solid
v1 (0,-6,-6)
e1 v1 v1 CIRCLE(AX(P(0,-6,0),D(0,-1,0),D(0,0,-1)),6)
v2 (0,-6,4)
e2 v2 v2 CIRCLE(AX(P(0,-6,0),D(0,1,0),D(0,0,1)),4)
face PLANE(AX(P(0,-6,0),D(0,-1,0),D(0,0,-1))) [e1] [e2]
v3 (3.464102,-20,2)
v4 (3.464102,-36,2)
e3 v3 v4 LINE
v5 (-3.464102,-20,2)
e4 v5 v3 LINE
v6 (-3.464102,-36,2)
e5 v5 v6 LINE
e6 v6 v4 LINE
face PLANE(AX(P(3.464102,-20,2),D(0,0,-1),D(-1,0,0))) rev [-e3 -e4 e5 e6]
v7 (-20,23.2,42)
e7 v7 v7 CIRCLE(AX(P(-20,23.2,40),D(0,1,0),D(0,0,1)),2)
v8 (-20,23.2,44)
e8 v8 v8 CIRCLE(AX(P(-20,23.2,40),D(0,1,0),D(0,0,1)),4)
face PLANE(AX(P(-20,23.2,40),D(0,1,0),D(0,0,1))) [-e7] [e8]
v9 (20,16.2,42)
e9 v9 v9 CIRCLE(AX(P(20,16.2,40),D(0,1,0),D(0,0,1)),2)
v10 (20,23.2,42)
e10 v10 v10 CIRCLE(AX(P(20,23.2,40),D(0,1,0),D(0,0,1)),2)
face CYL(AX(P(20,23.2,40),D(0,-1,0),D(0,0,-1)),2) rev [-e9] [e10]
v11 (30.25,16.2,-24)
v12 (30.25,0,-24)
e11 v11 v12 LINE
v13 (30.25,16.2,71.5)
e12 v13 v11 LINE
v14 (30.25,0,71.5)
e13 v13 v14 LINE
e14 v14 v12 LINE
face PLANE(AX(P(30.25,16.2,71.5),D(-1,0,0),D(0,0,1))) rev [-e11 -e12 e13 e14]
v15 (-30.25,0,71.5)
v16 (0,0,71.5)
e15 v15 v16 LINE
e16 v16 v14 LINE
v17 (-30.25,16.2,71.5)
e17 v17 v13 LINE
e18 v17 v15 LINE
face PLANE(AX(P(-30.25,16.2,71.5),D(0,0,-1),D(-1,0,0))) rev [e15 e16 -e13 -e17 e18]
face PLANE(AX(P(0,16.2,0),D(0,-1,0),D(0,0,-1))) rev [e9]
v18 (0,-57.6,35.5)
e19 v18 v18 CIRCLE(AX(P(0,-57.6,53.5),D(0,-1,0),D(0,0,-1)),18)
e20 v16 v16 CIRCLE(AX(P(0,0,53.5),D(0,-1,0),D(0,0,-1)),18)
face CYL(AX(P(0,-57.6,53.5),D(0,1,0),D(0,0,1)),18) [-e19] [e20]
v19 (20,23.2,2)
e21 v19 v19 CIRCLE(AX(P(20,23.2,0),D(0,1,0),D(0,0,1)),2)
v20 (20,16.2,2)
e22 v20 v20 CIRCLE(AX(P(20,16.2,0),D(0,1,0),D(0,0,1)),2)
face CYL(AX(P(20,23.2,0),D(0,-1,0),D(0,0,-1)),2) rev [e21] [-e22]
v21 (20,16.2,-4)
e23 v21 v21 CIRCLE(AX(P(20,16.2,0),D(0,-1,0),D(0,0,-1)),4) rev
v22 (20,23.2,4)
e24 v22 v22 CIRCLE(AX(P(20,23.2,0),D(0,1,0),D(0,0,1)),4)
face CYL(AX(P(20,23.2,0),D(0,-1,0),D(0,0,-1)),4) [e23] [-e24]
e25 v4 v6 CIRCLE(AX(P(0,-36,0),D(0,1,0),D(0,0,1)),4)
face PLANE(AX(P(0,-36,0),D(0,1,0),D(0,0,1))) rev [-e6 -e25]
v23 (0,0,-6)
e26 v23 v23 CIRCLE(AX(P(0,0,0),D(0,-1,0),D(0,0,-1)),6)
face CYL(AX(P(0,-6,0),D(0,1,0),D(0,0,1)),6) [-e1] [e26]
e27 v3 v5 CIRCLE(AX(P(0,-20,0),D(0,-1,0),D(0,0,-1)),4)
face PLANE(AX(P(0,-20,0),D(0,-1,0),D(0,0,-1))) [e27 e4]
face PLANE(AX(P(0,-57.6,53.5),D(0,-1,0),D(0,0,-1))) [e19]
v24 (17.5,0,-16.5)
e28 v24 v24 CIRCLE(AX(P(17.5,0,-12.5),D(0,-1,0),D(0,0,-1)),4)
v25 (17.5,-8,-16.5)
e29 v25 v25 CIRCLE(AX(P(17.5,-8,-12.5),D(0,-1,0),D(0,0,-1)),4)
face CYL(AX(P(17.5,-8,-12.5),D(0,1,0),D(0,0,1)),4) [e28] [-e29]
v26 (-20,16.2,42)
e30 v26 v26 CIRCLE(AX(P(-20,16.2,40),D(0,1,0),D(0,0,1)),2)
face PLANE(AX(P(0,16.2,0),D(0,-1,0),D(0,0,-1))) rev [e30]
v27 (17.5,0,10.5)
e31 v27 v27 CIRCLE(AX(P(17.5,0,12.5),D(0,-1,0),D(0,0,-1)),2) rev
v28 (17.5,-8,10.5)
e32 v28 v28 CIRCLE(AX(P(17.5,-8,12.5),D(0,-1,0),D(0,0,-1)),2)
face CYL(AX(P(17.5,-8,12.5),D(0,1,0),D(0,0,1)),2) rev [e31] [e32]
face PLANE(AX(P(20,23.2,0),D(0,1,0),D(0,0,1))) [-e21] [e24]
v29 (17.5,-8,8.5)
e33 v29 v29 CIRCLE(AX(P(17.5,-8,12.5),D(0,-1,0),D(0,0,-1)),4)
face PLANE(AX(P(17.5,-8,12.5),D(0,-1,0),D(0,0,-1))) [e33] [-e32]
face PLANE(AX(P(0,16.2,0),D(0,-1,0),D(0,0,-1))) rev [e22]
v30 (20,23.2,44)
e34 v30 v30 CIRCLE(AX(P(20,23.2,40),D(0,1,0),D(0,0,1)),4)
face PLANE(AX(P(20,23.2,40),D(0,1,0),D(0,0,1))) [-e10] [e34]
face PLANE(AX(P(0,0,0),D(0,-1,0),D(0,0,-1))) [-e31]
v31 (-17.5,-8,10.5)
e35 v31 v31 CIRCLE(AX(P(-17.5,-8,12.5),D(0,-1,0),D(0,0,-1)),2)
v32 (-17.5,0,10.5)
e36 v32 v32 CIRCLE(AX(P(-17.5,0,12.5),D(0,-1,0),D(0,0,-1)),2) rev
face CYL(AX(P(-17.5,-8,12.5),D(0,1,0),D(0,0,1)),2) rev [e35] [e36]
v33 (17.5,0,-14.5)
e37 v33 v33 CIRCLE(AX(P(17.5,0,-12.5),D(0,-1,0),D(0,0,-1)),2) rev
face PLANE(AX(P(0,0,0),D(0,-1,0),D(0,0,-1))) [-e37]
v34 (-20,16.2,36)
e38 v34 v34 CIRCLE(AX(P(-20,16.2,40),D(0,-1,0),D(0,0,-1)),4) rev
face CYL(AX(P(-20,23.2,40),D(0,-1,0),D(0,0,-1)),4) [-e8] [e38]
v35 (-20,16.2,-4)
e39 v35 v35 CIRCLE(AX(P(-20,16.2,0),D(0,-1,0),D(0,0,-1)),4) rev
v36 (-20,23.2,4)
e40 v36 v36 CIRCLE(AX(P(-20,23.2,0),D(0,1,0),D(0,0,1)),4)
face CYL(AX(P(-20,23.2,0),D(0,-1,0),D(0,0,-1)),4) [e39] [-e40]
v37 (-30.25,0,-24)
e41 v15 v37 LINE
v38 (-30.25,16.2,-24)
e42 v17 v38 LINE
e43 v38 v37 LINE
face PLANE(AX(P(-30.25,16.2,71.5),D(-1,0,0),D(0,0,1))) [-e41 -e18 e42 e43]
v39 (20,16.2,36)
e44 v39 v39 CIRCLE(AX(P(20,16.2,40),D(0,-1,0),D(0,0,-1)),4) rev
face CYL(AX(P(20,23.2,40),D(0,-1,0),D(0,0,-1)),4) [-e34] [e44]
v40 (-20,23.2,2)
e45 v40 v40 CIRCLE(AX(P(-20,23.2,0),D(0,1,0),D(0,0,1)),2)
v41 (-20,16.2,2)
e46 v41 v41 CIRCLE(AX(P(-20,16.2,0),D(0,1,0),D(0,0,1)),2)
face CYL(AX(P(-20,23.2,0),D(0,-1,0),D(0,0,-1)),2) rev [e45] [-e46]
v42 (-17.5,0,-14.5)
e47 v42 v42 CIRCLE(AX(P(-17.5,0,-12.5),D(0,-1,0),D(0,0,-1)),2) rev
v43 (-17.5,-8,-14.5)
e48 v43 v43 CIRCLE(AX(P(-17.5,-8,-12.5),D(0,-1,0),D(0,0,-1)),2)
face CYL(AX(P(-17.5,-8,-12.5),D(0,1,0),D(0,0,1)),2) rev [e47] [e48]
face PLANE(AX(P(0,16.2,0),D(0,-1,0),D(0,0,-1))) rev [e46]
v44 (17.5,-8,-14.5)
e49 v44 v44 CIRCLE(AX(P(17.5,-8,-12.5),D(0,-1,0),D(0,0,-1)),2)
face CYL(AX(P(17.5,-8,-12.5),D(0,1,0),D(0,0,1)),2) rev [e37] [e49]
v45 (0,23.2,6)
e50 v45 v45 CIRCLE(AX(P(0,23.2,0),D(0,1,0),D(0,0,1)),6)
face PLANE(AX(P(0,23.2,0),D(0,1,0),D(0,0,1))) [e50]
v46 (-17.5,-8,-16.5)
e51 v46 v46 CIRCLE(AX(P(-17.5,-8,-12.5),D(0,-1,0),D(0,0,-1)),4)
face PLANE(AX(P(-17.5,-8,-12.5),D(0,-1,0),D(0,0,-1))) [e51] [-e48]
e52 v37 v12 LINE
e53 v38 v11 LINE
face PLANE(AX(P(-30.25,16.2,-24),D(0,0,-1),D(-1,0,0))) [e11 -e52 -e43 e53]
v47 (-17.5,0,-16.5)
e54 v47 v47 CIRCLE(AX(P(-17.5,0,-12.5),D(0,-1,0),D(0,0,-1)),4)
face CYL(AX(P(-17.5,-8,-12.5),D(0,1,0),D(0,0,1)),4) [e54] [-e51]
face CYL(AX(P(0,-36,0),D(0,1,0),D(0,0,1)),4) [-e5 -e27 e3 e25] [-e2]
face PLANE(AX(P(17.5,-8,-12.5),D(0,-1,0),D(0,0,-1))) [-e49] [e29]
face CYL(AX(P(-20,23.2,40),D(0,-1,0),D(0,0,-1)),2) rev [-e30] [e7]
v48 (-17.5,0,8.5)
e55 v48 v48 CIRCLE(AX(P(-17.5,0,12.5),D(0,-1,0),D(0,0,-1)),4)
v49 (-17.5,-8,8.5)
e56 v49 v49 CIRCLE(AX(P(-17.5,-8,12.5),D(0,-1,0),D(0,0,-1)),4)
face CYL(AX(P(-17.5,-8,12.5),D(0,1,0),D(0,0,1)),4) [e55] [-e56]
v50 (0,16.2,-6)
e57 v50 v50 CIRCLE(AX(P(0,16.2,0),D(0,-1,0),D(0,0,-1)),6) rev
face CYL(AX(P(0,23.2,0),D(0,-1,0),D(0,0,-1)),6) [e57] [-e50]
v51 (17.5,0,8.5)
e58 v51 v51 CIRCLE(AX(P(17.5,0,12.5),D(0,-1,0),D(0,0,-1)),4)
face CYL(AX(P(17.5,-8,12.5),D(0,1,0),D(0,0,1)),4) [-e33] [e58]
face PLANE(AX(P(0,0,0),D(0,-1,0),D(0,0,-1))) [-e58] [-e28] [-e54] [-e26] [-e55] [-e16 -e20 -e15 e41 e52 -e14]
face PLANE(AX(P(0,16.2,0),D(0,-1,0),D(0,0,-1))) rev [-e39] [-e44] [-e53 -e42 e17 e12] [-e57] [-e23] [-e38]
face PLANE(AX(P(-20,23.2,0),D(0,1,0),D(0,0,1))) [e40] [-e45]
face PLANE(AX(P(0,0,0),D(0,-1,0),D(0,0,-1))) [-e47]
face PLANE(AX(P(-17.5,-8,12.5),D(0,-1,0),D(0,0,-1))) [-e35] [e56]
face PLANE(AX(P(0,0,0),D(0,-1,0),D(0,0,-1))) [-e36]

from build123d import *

# Parameters (mm, degrees)
SKETCH_1_W          = 60.5
SKETCH_1_H          = 95.5
EXTRUDE_1_DEPTH     = 16.2
SKETCH_2_R          = 6
SKETCH_2_R_2        = 4
SKETCH_2_R_3        = 2
EXTRUDE_2_DEPTH     = 7
EXTRUDE_START       = 6
SKETCH_7_R          = 6
EXTRUDE_6_DEPTH     = 6
SKETCH_3_R          = 4
EXTRUDE_3_DEPTH     = 30
CUT_EXTRUDE_START   = -16
CUT_EXTRUDE_1_DEPTH = 16
SKETCH_5_R          = 4
SKETCH_5_R_2        = 2
EXTRUDE_4_DEPTH     = 8
SKETCH_6_R          = 18
EXTRUDE_5_DEPTH     = 57.6


with BuildPart() as part:
    # 草图1 → 凸台-拉伸1 (new body)
    with BuildSketch(Plane(origin=(0, 0, 0), x_dir=(1, 0, 0), z_dir=(0, 1, 0))):
        with Locations((0, -23.75)):
            Rectangle(SKETCH_1_W, SKETCH_1_H)
    extrude(amount=EXTRUDE_1_DEPTH)

    # 草图2 → 凸台-拉伸2 (add)
    # profile 1 of 5: a face of its own
    with BuildSketch(Plane(origin=(0, 16.2, 0), x_dir=(1, 0, 0), z_dir=(0, 1, 0))):
        with Locations(Location((0, 0, 0), (0, 0, 90))):
            Circle(SKETCH_2_R)
    # profile 2 of 5: a face of its own
    with BuildSketch(Plane(origin=(0, 16.2, 0), x_dir=(1, 0, 0), z_dir=(0, 1, 0))):
        with Locations(Location((-20, 0, 0), (0, 0, 90))):
            Circle(SKETCH_2_R_2)
        with Locations(Location((-20, 0, 0), (0, 0, 270))):
            Circle(SKETCH_2_R_3, mode=Mode.SUBTRACT)
    # profile 3 of 5: a face of its own
    with BuildSketch(Plane(origin=(0, 16.2, 0), x_dir=(1, 0, 0), z_dir=(0, 1, 0))):
        with Locations(Location((20, 0, 0), (0, 0, 90))):
            Circle(SKETCH_2_R_2)
        with Locations(Location((20, 0, 0), (0, 0, 270))):
            Circle(SKETCH_2_R_3, mode=Mode.SUBTRACT)
    # profile 4 of 5: a face of its own
    with BuildSketch(Plane(origin=(0, 16.2, 0), x_dir=(1, 0, 0), z_dir=(0, 1, 0))):
        with Locations(Location((20, -40, 0), (0, 0, 90))):
            Circle(SKETCH_2_R_2)
        with Locations(Location((20, -40, 0), (0, 0, 270))):
            Circle(SKETCH_2_R_3, mode=Mode.SUBTRACT)
    # profile 5 of 5: a face of its own
    with BuildSketch(Plane(origin=(0, 16.2, 0), x_dir=(1, 0, 0), z_dir=(0, 1, 0))):
        with Locations(Location((-20, -40, 0), (0, 0, 90))):
            Circle(SKETCH_2_R_2)
        with Locations(Location((-20, -40, 0), (0, 0, 270))):
            Circle(SKETCH_2_R_3, mode=Mode.SUBTRACT)
    extrude(amount=EXTRUDE_2_DEPTH)

    # 草图7 → 凸台-拉伸6 (add)
    with BuildSketch(Plane.XZ.offset(EXTRUDE_START)):
        with Locations(Location((0, 0, 0), (0, 0, 270))):
            Circle(SKETCH_7_R)
    extrude(amount=-EXTRUDE_6_DEPTH)

    # 草图3 → 凸台-拉伸3 (add)
    with BuildSketch(Plane(origin=(0, -6, 0), x_dir=(1, 0, 0), z_dir=(0, 1, 0))):
        with Locations(Location((0, 0, 0), (0, 0, 270))):
            Circle(SKETCH_3_R)
    extrude(amount=-EXTRUDE_3_DEPTH)

    # 草图4 → 切除-拉伸1 (cut)
    with BuildSketch(Plane(origin=(0, -36, 0), x_dir=(-1, 0, 0), z_dir=(0, -1, 0)).offset(CUT_EXTRUDE_START)):
        with BuildLine():
            Line((-3.464101615, -2), (3.464101615, -2))
            ThreePointArc((3.464101615, -2), (0, -4), (-3.464101615, -2))
        make_face()
    extrude(amount=CUT_EXTRUDE_1_DEPTH, mode=Mode.SUBTRACT)

    # 草图5 → 凸台-拉伸4 (add)
    # profile 1 of 4: a face of its own
    with BuildSketch(Plane(origin=(0, 0, 0), x_dir=(-1, 0, 0), z_dir=(0, -1, 0))):
        with Locations(Location((-17.5, 12.5, 0), (0, 0, 90))):
            Circle(SKETCH_5_R)
        with Locations(Location((-17.5, 12.5, 0), (0, 0, 90))):
            Circle(SKETCH_5_R_2, mode=Mode.SUBTRACT)
    # profile 2 of 4: a face of its own
    with BuildSketch(Plane(origin=(0, 0, 0), x_dir=(-1, 0, 0), z_dir=(0, -1, 0))):
        with Locations(Location((17.5, 12.5, 0), (0, 0, 90))):
            Circle(SKETCH_5_R)
        with Locations(Location((17.5, 12.5, 0), (0, 0, 90))):
            Circle(SKETCH_5_R_2, mode=Mode.SUBTRACT)
    # profile 3 of 4: a face of its own
    with BuildSketch(Plane(origin=(0, 0, 0), x_dir=(-1, 0, 0), z_dir=(0, -1, 0))):
        with Locations(Location((17.5, -12.5, 0), (0, 0, 90))):
            Circle(SKETCH_5_R)
        with Locations(Location((17.5, -12.5, 0), (0, 0, 90))):
            Circle(SKETCH_5_R_2, mode=Mode.SUBTRACT)
    # profile 4 of 4: a face of its own
    with BuildSketch(Plane(origin=(0, 0, 0), x_dir=(-1, 0, 0), z_dir=(0, -1, 0))):
        with Locations(Location((-17.5, -12.5, 0), (0, 0, 90))):
            Circle(SKETCH_5_R)
        with Locations(Location((-17.5, -12.5, 0), (0, 0, 90))):
            Circle(SKETCH_5_R_2, mode=Mode.SUBTRACT)
    extrude(amount=EXTRUDE_4_DEPTH)

    # 草图6 → 凸台-拉伸5 (add)
    with BuildSketch(Plane.XZ):
        with Locations(Location((0, 53.5, 0), (0, 0, 90))):
            Circle(SKETCH_6_R)
    extrude(amount=EXTRUDE_5_DEPTH)


solid = part.part
